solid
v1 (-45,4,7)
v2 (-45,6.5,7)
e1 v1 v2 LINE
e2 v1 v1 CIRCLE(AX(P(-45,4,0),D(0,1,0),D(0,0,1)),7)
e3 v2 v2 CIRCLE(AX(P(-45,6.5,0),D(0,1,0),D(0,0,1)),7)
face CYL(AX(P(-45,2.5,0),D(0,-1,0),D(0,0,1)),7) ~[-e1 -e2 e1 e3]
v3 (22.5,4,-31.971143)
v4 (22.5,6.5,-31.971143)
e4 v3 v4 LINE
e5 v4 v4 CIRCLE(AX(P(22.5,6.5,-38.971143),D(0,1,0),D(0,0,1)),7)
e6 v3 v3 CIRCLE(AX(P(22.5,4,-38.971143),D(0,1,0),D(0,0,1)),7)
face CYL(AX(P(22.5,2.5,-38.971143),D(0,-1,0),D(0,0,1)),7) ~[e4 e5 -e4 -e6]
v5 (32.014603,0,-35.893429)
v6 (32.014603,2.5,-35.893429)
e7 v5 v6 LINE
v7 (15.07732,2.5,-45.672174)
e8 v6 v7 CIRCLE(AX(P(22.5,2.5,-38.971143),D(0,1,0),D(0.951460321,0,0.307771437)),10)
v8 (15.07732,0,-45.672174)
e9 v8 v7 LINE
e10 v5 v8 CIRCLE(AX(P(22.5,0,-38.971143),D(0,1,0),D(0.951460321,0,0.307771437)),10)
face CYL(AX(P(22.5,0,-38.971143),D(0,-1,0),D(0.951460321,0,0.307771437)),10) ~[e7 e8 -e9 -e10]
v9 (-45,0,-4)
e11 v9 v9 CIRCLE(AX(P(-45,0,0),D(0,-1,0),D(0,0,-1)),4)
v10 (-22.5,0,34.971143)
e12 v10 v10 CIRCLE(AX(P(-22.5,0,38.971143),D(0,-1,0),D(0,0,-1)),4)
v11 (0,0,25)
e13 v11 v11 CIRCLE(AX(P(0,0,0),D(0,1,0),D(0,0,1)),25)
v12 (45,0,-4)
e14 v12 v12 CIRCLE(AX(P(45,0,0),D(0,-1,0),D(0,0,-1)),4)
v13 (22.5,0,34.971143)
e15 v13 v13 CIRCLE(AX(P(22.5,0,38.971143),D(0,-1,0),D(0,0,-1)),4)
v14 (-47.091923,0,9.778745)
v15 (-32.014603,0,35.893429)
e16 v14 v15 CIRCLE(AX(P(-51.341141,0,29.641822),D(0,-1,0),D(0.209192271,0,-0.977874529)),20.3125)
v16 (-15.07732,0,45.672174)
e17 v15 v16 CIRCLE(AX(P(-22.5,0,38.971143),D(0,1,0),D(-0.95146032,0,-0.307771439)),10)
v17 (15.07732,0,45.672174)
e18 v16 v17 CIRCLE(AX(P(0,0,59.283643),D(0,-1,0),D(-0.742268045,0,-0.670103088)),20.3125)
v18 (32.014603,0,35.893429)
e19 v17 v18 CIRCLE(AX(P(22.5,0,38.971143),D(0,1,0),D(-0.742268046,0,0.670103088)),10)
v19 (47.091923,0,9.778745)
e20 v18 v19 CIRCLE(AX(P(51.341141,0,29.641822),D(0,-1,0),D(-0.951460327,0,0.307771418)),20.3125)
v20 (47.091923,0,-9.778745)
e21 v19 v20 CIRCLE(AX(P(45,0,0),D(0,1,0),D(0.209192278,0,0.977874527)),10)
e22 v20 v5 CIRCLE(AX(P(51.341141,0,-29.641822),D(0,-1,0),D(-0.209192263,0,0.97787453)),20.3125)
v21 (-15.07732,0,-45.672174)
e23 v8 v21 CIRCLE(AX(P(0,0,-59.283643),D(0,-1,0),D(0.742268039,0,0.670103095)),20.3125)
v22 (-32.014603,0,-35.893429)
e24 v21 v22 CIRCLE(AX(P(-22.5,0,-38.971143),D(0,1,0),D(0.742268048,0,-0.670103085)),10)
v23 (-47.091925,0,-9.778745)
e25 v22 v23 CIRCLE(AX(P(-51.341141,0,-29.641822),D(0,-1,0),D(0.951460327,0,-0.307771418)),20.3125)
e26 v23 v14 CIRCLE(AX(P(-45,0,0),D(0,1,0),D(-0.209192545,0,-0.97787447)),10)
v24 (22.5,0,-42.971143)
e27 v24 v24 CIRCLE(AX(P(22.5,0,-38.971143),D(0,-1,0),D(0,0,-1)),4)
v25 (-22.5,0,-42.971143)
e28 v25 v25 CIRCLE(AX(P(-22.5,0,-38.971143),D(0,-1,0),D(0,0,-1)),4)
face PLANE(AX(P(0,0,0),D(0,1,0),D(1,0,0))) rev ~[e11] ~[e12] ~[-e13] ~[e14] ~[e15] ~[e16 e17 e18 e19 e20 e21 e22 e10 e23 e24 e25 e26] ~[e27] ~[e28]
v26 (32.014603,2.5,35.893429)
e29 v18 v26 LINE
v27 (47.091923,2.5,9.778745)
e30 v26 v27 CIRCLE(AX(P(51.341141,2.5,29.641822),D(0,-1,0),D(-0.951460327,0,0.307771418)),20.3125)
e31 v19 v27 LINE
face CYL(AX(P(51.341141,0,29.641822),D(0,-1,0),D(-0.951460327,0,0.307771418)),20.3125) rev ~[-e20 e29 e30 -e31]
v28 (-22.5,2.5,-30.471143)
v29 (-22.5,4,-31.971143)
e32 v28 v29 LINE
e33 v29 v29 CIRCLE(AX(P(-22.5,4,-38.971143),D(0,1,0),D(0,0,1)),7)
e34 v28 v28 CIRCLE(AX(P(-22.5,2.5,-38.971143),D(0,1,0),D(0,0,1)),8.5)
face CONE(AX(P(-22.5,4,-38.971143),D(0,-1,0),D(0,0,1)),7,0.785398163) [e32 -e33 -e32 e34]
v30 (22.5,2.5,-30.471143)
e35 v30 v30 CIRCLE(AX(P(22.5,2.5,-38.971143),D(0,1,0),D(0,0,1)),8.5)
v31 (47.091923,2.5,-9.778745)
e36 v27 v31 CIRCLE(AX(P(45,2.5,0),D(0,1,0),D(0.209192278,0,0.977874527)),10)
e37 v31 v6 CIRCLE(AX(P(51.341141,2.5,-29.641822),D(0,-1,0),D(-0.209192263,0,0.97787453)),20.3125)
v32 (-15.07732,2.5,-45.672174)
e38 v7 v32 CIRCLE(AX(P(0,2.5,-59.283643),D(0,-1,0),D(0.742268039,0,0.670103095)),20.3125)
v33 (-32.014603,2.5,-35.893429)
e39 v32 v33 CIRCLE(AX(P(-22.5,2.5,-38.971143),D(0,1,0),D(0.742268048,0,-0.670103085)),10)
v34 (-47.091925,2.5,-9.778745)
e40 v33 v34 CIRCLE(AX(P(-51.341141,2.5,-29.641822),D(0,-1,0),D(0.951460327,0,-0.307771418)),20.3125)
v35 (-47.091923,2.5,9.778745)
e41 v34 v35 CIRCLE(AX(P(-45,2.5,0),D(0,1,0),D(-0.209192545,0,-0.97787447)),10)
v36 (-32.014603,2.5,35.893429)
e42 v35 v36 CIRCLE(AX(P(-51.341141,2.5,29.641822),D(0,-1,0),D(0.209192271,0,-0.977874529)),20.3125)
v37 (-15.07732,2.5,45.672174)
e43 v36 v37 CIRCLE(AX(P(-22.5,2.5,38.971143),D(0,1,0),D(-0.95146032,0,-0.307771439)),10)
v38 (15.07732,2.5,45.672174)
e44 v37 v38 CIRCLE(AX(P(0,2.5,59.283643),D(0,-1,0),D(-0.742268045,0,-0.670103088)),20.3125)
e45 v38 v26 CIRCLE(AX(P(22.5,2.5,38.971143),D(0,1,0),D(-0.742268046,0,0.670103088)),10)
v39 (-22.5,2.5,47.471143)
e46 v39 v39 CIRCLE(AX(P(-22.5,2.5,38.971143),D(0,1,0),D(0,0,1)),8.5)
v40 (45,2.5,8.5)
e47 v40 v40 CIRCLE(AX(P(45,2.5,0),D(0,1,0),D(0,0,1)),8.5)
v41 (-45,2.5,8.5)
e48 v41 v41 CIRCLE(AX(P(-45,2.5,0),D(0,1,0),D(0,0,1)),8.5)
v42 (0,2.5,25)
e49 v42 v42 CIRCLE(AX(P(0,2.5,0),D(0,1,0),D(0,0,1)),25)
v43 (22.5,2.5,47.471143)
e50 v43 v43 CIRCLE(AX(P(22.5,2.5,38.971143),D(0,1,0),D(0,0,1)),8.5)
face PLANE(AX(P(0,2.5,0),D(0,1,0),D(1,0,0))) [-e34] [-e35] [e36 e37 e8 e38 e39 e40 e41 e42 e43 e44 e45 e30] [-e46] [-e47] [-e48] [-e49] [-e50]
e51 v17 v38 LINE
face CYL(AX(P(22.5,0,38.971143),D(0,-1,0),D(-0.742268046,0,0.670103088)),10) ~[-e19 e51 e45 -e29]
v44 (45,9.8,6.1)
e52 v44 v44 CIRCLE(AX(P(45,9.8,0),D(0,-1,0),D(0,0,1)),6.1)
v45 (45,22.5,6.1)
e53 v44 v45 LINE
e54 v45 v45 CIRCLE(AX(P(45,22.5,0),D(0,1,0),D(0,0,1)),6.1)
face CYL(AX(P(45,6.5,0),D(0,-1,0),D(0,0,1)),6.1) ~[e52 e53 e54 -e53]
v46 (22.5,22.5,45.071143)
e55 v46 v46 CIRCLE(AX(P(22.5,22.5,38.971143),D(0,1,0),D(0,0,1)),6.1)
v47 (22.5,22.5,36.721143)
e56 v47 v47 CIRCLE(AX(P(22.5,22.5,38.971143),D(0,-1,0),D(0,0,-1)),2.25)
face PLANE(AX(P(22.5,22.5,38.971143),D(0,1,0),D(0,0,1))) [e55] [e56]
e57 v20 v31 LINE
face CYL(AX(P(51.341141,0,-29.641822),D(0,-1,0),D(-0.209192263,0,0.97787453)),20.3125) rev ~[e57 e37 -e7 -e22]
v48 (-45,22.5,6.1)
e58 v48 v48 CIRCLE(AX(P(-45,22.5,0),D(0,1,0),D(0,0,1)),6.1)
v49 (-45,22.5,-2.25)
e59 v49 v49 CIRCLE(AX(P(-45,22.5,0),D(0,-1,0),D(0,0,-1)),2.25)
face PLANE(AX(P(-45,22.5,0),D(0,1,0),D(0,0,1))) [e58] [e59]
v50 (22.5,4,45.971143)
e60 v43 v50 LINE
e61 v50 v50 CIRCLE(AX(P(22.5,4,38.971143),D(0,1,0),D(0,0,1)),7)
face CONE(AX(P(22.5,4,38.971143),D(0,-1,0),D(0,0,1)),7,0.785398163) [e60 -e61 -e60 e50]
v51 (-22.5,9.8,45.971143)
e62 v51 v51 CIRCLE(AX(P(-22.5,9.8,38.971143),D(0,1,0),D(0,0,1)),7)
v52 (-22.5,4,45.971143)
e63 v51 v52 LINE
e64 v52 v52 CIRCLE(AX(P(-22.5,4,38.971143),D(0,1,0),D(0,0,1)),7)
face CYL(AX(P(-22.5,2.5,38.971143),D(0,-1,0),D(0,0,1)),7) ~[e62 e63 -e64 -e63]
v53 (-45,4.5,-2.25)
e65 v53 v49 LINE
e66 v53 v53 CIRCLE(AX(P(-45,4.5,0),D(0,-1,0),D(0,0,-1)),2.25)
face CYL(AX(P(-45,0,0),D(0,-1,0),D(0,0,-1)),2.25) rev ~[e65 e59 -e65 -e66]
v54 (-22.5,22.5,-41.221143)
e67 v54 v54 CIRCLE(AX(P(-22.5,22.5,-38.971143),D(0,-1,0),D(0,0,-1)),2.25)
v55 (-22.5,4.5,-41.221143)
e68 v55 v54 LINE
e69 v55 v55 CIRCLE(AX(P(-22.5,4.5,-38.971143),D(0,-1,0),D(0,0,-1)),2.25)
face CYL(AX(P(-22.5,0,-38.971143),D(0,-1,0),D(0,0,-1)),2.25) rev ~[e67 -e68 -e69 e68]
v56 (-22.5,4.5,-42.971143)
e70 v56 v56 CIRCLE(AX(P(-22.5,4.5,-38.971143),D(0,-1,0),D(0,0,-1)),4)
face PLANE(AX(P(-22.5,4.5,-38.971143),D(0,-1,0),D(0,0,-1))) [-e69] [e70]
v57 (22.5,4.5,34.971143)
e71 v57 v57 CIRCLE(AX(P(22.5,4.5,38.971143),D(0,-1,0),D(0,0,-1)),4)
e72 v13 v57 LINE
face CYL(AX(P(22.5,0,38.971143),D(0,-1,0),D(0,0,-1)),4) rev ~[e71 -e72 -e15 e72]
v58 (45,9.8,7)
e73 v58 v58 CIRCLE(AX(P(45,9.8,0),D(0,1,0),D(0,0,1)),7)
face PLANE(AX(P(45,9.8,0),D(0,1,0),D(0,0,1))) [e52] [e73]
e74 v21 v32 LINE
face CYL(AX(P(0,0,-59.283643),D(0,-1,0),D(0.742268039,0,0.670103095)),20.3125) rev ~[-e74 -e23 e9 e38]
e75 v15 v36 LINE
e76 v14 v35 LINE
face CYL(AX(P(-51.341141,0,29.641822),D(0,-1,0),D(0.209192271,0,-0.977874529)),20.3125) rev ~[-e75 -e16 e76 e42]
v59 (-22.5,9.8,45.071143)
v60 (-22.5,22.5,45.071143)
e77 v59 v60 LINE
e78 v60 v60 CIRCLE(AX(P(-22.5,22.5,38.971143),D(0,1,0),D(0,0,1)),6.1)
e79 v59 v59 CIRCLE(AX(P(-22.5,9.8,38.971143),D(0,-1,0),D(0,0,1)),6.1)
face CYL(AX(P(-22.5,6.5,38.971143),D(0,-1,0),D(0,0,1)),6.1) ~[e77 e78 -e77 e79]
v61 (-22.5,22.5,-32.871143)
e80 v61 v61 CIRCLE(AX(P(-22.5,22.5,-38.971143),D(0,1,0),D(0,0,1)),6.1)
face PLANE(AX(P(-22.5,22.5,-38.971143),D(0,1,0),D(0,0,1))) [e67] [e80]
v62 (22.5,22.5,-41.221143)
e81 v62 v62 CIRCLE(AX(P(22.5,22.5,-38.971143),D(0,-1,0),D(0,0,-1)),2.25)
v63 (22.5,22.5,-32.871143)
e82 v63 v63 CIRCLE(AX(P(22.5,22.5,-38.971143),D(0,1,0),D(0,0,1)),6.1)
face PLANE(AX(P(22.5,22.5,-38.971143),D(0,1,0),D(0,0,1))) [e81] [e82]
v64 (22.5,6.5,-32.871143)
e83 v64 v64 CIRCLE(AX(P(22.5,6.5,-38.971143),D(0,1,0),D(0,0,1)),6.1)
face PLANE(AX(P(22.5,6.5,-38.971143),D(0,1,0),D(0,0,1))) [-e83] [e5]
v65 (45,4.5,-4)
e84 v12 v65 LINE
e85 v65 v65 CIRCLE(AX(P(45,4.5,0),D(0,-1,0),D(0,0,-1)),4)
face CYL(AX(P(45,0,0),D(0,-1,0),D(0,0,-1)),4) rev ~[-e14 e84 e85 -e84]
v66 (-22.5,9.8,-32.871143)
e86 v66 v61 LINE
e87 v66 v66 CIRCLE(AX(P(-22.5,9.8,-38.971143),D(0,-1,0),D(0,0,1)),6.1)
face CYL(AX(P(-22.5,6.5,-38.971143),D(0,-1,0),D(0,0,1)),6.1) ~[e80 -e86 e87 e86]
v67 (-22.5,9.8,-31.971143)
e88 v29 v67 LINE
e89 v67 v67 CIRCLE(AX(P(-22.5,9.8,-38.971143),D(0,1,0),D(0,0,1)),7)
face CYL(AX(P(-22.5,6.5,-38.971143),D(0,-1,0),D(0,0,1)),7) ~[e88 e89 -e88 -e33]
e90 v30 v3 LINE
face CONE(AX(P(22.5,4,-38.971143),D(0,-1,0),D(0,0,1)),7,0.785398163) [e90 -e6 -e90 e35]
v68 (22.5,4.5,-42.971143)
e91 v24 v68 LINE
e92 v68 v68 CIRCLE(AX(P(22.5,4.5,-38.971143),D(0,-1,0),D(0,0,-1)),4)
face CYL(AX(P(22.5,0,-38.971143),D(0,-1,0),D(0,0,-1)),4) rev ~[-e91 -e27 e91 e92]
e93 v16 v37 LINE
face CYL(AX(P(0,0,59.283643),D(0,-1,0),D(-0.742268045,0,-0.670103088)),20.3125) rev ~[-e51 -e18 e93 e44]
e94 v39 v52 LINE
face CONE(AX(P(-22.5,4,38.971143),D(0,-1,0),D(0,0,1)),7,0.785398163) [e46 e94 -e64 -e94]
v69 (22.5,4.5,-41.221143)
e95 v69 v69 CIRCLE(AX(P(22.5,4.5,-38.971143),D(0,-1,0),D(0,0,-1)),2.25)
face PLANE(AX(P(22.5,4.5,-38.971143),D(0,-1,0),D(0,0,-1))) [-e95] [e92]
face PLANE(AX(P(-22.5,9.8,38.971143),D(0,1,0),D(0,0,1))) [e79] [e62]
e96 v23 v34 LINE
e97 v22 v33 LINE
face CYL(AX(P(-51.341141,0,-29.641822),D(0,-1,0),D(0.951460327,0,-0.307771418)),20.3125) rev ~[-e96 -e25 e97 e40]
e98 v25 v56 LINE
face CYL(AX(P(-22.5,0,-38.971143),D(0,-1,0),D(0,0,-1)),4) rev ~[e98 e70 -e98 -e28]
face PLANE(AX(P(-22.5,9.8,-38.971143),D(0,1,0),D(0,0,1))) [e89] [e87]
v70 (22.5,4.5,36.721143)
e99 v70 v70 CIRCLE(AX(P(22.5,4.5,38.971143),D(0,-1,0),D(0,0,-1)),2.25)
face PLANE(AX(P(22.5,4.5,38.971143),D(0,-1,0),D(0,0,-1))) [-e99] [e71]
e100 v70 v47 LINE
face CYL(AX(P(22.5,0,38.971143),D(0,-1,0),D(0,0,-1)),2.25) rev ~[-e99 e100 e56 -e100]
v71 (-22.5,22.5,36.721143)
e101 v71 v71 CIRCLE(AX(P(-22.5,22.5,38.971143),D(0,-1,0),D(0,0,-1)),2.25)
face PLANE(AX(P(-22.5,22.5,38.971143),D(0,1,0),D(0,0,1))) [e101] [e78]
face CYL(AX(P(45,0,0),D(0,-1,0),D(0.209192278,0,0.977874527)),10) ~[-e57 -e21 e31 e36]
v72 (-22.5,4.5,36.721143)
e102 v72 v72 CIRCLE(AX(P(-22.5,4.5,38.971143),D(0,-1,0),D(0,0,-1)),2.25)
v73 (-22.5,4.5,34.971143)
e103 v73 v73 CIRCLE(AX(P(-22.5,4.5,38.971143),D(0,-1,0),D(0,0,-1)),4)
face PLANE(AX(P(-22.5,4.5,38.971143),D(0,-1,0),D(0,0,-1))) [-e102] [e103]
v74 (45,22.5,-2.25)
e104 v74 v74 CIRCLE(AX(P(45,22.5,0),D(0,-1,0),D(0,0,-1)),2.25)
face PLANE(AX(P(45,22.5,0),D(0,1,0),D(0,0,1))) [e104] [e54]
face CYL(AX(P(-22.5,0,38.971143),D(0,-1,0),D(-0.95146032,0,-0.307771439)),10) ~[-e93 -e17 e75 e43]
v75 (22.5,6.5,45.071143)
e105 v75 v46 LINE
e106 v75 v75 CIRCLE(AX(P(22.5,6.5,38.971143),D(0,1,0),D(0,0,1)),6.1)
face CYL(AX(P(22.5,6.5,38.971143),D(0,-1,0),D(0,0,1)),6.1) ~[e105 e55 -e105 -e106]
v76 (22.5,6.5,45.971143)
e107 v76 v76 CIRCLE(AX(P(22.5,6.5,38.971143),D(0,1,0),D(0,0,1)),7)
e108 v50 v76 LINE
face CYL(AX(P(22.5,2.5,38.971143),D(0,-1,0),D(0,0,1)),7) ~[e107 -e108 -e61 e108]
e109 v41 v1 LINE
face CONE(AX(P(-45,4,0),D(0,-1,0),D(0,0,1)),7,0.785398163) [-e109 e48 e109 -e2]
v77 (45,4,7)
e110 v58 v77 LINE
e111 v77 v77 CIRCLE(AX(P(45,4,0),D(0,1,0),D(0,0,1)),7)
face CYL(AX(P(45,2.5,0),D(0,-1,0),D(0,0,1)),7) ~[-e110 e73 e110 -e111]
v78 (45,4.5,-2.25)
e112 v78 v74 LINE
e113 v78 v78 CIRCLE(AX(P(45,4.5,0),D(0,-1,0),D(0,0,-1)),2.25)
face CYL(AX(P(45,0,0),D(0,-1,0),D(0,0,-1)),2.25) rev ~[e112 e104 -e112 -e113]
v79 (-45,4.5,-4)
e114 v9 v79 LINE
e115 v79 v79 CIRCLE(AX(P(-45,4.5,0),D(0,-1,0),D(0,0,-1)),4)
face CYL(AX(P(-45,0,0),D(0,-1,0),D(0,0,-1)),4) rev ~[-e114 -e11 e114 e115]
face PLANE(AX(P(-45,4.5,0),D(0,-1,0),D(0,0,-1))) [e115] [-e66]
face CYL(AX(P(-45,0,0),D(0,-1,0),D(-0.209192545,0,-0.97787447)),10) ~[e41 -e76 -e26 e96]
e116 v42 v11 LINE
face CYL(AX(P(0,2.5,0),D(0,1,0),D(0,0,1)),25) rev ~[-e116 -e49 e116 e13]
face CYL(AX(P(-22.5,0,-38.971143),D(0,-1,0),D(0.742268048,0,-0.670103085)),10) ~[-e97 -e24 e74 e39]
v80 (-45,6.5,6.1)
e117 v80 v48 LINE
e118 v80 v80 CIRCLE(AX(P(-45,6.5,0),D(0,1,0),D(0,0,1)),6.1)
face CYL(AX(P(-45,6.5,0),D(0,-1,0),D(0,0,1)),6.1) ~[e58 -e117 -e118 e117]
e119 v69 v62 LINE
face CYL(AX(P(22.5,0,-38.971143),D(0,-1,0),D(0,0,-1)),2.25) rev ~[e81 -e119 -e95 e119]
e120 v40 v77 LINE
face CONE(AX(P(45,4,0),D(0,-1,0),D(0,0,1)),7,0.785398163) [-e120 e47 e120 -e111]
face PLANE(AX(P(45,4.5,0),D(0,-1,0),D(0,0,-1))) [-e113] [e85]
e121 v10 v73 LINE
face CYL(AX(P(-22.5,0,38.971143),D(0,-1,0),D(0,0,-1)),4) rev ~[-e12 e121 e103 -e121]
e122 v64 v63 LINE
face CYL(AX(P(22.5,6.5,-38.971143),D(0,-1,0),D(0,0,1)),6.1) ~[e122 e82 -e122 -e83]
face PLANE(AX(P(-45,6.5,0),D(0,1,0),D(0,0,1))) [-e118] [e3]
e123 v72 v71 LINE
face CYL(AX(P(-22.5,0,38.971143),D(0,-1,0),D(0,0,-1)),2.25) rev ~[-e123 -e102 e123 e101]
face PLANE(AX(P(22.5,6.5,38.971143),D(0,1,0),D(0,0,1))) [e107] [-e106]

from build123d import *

# Parameters (mm, degrees)
EXTRUDE_1_DEPTH     = 2.5
SKETCH_3_R          = 7
EXTRUDE_2_DEPTH     = 4
CHAMFER_1_SIZE      = 1.5
SKETCH_4_R          = 6.1
EXTRUDE_3_DEPTH     = 16
SKETCH_5_R          = 7
EXTRUDE_4_DEPTH     = 3.3
SKETCH_6_R          = 2.25
CUT_EXTRUDE_1_DEPTH = 78.002745817
SKETCH_7_R          = 4
CUT_EXTRUDE_2_DEPTH = 4.5
SKETCH_8_R          = 25
CUT_EXTRUDE_3_DEPTH = 10


with BuildPart() as part:
    # 草图2 → 凸台-拉伸1 (new body)
    with BuildSketch(Plane(origin=(0, 0, 0), x_dir=(1, 0, 0), z_dir=(0, 1, 0))):
        with BuildLine():
            ThreePointArc((-47.091925455, 9.778744699), (-55, -1.253e-06), (-47.091923006, -9.778745223))
            ThreePointArc((-47.091923006, -9.778745223), (-33.750000065, -19.485571473), (-32.014603203, -35.893428778))
            ThreePointArc((-32.014603203, -35.893428778), (-27.500000081, -47.631397162), (-15.077319674, -45.672174193))
            ThreePointArc((-15.077319674, -45.672174193), (-9.8e-08, -38.97114317), (15.077319542, -45.672174048))
            ThreePointArc((15.077319542, -45.672174048), (27.500000118, -47.63139714), (32.014603117, -35.893428511))
            ThreePointArc((32.014603117, -35.893428511), (33.750000078, -19.485571451), (47.091922781, -9.778745271))
            ThreePointArc((47.091922781, -9.778745271), (55, -2.05e-07), (47.091923183, 9.778745185))
            ThreePointArc((47.091923183, 9.778745185), (33.750000105, 19.485571404), (32.01460321, 35.893428798))
            ThreePointArc((32.01460321, 35.893428798), (27.499999984, 47.631397217), (15.077319539, 45.672174044))
            ThreePointArc((15.077319539, 45.672174044), (1.8e-08, 38.97114317), (-15.077319515, 45.672174018))
            ThreePointArc((-15.077319515, 45.672174018), (-27.5000001, 47.63139715), (-32.014603117, 35.893428511))
            ThreePointArc((-32.014603117, 35.893428511), (-33.750000761, 19.485570266), (-47.091925455, 9.778744699))
        make_face()
    extrude(amount=EXTRUDE_1_DEPTH)

    # 草图3 → 凸台-拉伸2 (add)
    with BuildSketch(Plane(origin=(0, 2.5, 0), x_dir=(1, 0, 0), z_dir=(0, 1, 0))):
        with Locations(Location((-22.5, 38.97114317, 0), (0, 0, 270))):
            Circle(SKETCH_3_R)
        with Locations(Location((22.5, 38.97114317, 0), (0, 0, 270))):
            Circle(SKETCH_3_R)
        with Locations(Location((45, 0, 0), (0, 0, 270))):
            Circle(SKETCH_3_R)
        with Locations(Location((22.5, -38.97114317, 0), (0, 0, 270))):
            Circle(SKETCH_3_R)
        with Locations(Location((-22.5, -38.97114317, 0), (0, 0, 270))):
            Circle(SKETCH_3_R)
        with Locations(Location((-45, 0, 0), (0, 0, 270))):
            Circle(SKETCH_3_R)
    extrude(amount=EXTRUDE_2_DEPTH)

    # 倒角1
    chamfer_1_edges = [part.edges().sort_by_distance(p)[0] for p in [
        (-22.5, 2.5, -45.97114317),
        (22.5, 2.5, -45.97114317),
        (45, 2.5, -7),
        (22.5, 2.5, 31.97114317),
        (-22.5, 2.5, 31.97114317),
        (-45, 2.5, -7),
    ]]
    chamfer(chamfer_1_edges, length=CHAMFER_1_SIZE)

    # 草图4 → 凸台-拉伸3 (add)
    with BuildSketch(Plane(origin=(0, 6.5, 0), x_dir=(1, 0, 0), z_dir=(0, 1, 0))):
        with Locations(Location((-22.5, 38.97114317, 0), (0, 0, 270))):
            Circle(SKETCH_4_R)
        with Locations(Location((22.5, 38.97114317, 0), (0, 0, 270))):
            Circle(SKETCH_4_R)
        with Locations(Location((45, 0, 0), (0, 0, 270))):
            Circle(SKETCH_4_R)
        with Locations(Location((22.5, -38.97114317, 0), (0, 0, 270))):
            Circle(SKETCH_4_R)
        with Locations(Location((-22.5, -38.97114317, 0), (0, 0, 270))):
            Circle(SKETCH_4_R)
        with Locations(Location((-45, 0, 0), (0, 0, 270))):
            Circle(SKETCH_4_R)
    extrude(amount=EXTRUDE_3_DEPTH)

    # 草图5 → 凸台-拉伸4 (add)
    with BuildSketch(Plane(origin=(0, 6.5, 0), x_dir=(1, 0, 0), z_dir=(0, 1, 0))):
        with Locations(Location((-22.5, 38.97114317, 0), (0, 0, 270))):
            Circle(SKETCH_5_R)
        with Locations(Location((45, 0, 0), (0, 0, 270))):
            Circle(SKETCH_5_R)
        with Locations(Location((-22.5, -38.97114317, 0), (0, 0, 270))):
            Circle(SKETCH_5_R)
    extrude(amount=EXTRUDE_4_DEPTH)

    # 草图6 → 切除-拉伸1 (cut, through all)
    with BuildSketch(Plane.XZ):
        with Locations(Location((-22.5, 38.97114317, 0), (0, 0, 270))):
            Circle(SKETCH_6_R)
        with Locations(Location((22.5, 38.97114317, 0), (0, 0, 270))):
            Circle(SKETCH_6_R)
        with Locations(Location((45, 0, 0), (0, 0, 270))):
            Circle(SKETCH_6_R)
        with Locations(Location((22.5, -38.97114317, 0), (0, 0, 270))):
            Circle(SKETCH_6_R)
        with Locations(Location((-22.5, -38.97114317, 0), (0, 0, 270))):
            Circle(SKETCH_6_R)
        with Locations(Location((-45, 0, 0), (0, 0, 270))):
            Circle(SKETCH_6_R)
    extrude(amount=-CUT_EXTRUDE_1_DEPTH, mode=Mode.SUBTRACT)

    # 草图7 → 切除-拉伸2 (cut)
    with BuildSketch(Plane.XZ):
        with Locations(Location((-22.5, 38.97114317, 0), (0, 0, 270))):
            Circle(SKETCH_7_R)
        with Locations(Location((22.5, 38.97114317, 0), (0, 0, 270))):
            Circle(SKETCH_7_R)
        with Locations(Location((45, 0, 0), (0, 0, 270))):
            Circle(SKETCH_7_R)
        with Locations(Location((22.5, -38.97114317, 0), (0, 0, 270))):
            Circle(SKETCH_7_R)
        with Locations(Location((-22.5, -38.97114317, 0), (0, 0, 270))):
            Circle(SKETCH_7_R)
        with Locations(Location((-45, 0, 0), (0, 0, 270))):
            Circle(SKETCH_7_R)
    extrude(amount=-CUT_EXTRUDE_2_DEPTH, mode=Mode.SUBTRACT)

    # 草图8 → 切除-拉伸3 (cut)
    with BuildSketch(Plane(origin=(0, 2.5, 0), x_dir=(1, 0, 0), z_dir=(0, 1, 0))):
        with Locations(Location((0, 0, 0), (0, 0, 270))):
            Circle(SKETCH_8_R)
    extrude(amount=-CUT_EXTRUDE_3_DEPTH, mode=Mode.SUBTRACT)


solid = part.part
